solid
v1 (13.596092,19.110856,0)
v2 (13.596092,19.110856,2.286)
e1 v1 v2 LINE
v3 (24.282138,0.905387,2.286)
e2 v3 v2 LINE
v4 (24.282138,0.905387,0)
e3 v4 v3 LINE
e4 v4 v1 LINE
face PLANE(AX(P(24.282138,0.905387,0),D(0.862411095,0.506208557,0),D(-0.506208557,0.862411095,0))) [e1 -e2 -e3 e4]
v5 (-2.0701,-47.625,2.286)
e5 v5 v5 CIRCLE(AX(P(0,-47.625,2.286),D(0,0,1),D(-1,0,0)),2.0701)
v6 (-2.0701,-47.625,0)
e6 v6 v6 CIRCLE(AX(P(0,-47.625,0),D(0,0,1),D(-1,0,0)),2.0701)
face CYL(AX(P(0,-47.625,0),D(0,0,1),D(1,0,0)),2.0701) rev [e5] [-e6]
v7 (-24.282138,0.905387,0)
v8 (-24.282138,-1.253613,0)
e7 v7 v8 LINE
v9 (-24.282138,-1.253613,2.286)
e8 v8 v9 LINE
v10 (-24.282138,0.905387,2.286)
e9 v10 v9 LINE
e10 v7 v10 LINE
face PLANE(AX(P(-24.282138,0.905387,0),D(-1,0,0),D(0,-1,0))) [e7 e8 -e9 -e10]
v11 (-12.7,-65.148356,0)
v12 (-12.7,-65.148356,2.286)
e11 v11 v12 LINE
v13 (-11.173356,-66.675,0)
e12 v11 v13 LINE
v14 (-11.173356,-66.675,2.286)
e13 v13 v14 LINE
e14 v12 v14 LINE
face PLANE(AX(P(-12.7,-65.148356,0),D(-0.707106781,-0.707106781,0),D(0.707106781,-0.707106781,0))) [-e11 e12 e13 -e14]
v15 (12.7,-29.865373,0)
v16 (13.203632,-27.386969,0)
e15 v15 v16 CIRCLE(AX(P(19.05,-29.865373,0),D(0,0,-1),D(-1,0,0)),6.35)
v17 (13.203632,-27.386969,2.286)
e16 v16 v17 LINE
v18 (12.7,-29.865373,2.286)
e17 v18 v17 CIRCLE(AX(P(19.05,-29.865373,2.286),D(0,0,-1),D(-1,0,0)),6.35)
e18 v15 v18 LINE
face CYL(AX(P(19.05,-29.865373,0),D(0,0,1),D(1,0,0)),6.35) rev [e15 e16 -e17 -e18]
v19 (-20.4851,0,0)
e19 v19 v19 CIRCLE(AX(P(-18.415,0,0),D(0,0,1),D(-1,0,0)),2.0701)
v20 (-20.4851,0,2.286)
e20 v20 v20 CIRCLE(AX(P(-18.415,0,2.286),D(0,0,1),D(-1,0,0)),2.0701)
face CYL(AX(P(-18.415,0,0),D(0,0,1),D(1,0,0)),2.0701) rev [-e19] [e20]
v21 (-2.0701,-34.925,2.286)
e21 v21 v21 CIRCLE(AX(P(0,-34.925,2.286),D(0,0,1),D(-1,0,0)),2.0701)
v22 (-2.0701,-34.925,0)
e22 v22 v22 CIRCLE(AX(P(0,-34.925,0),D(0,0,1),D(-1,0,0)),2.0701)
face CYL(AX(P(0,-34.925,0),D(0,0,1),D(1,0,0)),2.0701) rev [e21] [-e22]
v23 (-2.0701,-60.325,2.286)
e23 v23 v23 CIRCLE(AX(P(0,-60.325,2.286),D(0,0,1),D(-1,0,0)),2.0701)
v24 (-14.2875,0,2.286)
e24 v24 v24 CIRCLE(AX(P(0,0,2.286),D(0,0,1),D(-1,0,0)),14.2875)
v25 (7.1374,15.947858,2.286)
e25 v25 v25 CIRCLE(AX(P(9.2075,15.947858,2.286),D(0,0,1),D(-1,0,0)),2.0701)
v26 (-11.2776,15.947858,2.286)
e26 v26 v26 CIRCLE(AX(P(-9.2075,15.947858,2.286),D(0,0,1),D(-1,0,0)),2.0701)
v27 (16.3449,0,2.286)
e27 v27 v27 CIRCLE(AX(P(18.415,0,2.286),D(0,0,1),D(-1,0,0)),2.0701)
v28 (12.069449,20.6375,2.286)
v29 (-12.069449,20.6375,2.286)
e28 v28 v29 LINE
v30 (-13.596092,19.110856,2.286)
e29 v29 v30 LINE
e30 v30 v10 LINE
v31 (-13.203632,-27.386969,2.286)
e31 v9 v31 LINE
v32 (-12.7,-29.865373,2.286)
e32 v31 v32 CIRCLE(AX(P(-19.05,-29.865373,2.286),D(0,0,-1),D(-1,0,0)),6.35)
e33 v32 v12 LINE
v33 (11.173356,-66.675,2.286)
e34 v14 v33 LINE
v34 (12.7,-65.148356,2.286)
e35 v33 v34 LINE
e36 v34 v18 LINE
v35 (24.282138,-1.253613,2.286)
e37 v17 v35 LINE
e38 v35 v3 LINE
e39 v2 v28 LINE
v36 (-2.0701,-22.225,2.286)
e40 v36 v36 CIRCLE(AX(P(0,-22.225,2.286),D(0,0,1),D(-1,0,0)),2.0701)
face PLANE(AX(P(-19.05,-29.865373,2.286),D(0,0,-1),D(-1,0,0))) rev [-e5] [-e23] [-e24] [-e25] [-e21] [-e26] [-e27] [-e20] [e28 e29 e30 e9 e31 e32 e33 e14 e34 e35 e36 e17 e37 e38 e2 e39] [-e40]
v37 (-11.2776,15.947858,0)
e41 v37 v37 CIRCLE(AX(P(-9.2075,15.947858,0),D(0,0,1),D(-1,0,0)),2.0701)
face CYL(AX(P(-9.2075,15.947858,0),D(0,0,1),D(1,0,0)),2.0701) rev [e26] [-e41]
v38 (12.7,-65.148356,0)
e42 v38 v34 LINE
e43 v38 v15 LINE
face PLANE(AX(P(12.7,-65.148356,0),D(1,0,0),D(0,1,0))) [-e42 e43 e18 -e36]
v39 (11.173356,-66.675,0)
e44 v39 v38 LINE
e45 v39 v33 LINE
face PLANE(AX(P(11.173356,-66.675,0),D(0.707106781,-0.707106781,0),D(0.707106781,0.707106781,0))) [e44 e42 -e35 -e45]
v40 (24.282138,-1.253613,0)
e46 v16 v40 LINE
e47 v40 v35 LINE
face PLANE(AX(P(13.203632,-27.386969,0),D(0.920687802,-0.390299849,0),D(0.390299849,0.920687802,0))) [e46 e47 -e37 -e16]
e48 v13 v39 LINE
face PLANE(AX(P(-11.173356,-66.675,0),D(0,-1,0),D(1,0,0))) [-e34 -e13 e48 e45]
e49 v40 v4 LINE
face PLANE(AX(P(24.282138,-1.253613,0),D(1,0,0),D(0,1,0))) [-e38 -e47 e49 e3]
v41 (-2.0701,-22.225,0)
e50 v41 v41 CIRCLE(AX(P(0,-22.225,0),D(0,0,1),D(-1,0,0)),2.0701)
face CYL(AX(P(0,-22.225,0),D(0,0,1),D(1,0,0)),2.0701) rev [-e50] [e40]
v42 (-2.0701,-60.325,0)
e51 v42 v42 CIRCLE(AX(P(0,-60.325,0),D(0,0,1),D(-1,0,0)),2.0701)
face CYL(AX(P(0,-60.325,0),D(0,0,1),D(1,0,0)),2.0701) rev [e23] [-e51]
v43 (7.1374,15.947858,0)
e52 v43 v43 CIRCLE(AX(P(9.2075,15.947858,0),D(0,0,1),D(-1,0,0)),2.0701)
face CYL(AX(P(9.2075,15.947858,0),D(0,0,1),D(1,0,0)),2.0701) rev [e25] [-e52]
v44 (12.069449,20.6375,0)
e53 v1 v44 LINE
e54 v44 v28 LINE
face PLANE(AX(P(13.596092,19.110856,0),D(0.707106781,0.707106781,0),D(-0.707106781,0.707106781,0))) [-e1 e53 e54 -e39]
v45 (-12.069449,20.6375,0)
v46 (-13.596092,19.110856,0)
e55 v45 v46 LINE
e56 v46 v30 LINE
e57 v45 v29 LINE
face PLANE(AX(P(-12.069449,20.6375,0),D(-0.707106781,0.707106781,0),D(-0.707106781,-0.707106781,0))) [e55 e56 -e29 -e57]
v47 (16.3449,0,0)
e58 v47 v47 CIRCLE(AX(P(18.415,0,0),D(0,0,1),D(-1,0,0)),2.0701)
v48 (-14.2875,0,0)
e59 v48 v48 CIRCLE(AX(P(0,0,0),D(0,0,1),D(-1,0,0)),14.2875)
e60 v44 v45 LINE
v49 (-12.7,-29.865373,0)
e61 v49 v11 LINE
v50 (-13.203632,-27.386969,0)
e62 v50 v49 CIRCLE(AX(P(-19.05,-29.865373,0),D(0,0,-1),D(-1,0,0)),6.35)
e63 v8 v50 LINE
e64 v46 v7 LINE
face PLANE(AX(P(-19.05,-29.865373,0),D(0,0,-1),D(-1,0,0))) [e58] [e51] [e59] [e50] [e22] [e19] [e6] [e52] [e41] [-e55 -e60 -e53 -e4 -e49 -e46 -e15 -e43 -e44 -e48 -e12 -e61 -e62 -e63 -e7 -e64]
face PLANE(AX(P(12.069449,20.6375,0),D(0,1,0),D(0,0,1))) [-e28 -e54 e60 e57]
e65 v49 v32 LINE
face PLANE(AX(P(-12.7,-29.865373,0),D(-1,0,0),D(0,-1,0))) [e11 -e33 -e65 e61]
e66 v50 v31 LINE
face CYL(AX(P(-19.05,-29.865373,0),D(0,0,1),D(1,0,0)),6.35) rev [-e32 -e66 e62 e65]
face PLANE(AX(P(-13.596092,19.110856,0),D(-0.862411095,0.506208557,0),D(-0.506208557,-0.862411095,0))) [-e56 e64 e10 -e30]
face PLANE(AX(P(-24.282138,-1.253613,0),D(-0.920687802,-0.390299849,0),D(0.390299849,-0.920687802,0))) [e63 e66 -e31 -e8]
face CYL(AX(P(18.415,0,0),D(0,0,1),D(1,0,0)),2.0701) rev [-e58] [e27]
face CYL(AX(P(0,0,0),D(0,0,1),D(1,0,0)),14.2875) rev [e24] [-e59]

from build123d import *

# Parameters (mm, degrees)
SKETCH1_R           = 2.0701
SKETCH1_R_2         = 14.2875
BOSS_EXTRUDE1_DEPTH = 2.286


with BuildPart() as part:
    # Sketch1 → Boss-Extrude1 (new body)
    with BuildSketch(Plane.XY.offset(2.286)):
        with BuildLine():
            Line((-24.282138093, -1.253612903), (-13.20363246, -27.386969147))
            ThreePointArc((-13.20363246, -27.386969147), (-12.827181753, -28.600844397), (-12.7, -29.865373188))
            Line((-12.7, -29.865373188), (-12.7, -65.148356459))
            Line((-12.7, -65.148356459), (-11.173356459, -66.675))
            Line((-11.173356459, -66.675), (11.173356459, -66.675))
            Line((11.173356459, -66.675), (12.7, -65.148356459))
            Line((12.7, -65.148356459), (12.7, -29.865373188))
            ThreePointArc((12.7, -29.865373188), (12.827181753, -28.600844397), (13.20363246, -27.386969147))
            Line((13.20363246, -27.386969147), (24.282138093, -1.253612903))
            Line((24.282138093, -1.253612903), (24.282138093, 0.905387097))
            Line((24.282138093, 0.905387097), (13.596092395, 19.110856459))
            Line((13.596092395, 19.110856459), (12.069448854, 20.6375))
            Line((12.069448854, 20.6375), (-12.069448854, 20.6375))
            Line((-12.069448854, 20.6375), (-13.596092395, 19.110856459))
            Line((-13.596092395, 19.110856459), (-24.282138093, 0.905387097))
            Line((-24.282138093, 0.905387097), (-24.282138093, -1.253612903))
        make_face()
        with Locations((-9.2075, 15.947857811)):
            Circle(SKETCH1_R, mode=Mode.SUBTRACT)
        with Locations((-18.415, 0)):
            Circle(SKETCH1_R, mode=Mode.SUBTRACT)
        with Locations((0, -47.625)):
            Circle(SKETCH1_R, mode=Mode.SUBTRACT)
        with Locations((0, -22.225)):
            Circle(SKETCH1_R, mode=Mode.SUBTRACT)
        Circle(SKETCH1_R_2, mode=Mode.SUBTRACT)
        with Locations((0, -34.925)):
            Circle(SKETCH1_R, mode=Mode.SUBTRACT)
        with Locations((0, -60.325)):
            Circle(SKETCH1_R, mode=Mode.SUBTRACT)
        with Locations((18.415, 0)):
            Circle(SKETCH1_R, mode=Mode.SUBTRACT)
        with Locations((9.2075, 15.947857811)):
            Circle(SKETCH1_R, mode=Mode.SUBTRACT)
    extrude(amount=-BOSS_EXTRUDE1_DEPTH)


solid = part.part
